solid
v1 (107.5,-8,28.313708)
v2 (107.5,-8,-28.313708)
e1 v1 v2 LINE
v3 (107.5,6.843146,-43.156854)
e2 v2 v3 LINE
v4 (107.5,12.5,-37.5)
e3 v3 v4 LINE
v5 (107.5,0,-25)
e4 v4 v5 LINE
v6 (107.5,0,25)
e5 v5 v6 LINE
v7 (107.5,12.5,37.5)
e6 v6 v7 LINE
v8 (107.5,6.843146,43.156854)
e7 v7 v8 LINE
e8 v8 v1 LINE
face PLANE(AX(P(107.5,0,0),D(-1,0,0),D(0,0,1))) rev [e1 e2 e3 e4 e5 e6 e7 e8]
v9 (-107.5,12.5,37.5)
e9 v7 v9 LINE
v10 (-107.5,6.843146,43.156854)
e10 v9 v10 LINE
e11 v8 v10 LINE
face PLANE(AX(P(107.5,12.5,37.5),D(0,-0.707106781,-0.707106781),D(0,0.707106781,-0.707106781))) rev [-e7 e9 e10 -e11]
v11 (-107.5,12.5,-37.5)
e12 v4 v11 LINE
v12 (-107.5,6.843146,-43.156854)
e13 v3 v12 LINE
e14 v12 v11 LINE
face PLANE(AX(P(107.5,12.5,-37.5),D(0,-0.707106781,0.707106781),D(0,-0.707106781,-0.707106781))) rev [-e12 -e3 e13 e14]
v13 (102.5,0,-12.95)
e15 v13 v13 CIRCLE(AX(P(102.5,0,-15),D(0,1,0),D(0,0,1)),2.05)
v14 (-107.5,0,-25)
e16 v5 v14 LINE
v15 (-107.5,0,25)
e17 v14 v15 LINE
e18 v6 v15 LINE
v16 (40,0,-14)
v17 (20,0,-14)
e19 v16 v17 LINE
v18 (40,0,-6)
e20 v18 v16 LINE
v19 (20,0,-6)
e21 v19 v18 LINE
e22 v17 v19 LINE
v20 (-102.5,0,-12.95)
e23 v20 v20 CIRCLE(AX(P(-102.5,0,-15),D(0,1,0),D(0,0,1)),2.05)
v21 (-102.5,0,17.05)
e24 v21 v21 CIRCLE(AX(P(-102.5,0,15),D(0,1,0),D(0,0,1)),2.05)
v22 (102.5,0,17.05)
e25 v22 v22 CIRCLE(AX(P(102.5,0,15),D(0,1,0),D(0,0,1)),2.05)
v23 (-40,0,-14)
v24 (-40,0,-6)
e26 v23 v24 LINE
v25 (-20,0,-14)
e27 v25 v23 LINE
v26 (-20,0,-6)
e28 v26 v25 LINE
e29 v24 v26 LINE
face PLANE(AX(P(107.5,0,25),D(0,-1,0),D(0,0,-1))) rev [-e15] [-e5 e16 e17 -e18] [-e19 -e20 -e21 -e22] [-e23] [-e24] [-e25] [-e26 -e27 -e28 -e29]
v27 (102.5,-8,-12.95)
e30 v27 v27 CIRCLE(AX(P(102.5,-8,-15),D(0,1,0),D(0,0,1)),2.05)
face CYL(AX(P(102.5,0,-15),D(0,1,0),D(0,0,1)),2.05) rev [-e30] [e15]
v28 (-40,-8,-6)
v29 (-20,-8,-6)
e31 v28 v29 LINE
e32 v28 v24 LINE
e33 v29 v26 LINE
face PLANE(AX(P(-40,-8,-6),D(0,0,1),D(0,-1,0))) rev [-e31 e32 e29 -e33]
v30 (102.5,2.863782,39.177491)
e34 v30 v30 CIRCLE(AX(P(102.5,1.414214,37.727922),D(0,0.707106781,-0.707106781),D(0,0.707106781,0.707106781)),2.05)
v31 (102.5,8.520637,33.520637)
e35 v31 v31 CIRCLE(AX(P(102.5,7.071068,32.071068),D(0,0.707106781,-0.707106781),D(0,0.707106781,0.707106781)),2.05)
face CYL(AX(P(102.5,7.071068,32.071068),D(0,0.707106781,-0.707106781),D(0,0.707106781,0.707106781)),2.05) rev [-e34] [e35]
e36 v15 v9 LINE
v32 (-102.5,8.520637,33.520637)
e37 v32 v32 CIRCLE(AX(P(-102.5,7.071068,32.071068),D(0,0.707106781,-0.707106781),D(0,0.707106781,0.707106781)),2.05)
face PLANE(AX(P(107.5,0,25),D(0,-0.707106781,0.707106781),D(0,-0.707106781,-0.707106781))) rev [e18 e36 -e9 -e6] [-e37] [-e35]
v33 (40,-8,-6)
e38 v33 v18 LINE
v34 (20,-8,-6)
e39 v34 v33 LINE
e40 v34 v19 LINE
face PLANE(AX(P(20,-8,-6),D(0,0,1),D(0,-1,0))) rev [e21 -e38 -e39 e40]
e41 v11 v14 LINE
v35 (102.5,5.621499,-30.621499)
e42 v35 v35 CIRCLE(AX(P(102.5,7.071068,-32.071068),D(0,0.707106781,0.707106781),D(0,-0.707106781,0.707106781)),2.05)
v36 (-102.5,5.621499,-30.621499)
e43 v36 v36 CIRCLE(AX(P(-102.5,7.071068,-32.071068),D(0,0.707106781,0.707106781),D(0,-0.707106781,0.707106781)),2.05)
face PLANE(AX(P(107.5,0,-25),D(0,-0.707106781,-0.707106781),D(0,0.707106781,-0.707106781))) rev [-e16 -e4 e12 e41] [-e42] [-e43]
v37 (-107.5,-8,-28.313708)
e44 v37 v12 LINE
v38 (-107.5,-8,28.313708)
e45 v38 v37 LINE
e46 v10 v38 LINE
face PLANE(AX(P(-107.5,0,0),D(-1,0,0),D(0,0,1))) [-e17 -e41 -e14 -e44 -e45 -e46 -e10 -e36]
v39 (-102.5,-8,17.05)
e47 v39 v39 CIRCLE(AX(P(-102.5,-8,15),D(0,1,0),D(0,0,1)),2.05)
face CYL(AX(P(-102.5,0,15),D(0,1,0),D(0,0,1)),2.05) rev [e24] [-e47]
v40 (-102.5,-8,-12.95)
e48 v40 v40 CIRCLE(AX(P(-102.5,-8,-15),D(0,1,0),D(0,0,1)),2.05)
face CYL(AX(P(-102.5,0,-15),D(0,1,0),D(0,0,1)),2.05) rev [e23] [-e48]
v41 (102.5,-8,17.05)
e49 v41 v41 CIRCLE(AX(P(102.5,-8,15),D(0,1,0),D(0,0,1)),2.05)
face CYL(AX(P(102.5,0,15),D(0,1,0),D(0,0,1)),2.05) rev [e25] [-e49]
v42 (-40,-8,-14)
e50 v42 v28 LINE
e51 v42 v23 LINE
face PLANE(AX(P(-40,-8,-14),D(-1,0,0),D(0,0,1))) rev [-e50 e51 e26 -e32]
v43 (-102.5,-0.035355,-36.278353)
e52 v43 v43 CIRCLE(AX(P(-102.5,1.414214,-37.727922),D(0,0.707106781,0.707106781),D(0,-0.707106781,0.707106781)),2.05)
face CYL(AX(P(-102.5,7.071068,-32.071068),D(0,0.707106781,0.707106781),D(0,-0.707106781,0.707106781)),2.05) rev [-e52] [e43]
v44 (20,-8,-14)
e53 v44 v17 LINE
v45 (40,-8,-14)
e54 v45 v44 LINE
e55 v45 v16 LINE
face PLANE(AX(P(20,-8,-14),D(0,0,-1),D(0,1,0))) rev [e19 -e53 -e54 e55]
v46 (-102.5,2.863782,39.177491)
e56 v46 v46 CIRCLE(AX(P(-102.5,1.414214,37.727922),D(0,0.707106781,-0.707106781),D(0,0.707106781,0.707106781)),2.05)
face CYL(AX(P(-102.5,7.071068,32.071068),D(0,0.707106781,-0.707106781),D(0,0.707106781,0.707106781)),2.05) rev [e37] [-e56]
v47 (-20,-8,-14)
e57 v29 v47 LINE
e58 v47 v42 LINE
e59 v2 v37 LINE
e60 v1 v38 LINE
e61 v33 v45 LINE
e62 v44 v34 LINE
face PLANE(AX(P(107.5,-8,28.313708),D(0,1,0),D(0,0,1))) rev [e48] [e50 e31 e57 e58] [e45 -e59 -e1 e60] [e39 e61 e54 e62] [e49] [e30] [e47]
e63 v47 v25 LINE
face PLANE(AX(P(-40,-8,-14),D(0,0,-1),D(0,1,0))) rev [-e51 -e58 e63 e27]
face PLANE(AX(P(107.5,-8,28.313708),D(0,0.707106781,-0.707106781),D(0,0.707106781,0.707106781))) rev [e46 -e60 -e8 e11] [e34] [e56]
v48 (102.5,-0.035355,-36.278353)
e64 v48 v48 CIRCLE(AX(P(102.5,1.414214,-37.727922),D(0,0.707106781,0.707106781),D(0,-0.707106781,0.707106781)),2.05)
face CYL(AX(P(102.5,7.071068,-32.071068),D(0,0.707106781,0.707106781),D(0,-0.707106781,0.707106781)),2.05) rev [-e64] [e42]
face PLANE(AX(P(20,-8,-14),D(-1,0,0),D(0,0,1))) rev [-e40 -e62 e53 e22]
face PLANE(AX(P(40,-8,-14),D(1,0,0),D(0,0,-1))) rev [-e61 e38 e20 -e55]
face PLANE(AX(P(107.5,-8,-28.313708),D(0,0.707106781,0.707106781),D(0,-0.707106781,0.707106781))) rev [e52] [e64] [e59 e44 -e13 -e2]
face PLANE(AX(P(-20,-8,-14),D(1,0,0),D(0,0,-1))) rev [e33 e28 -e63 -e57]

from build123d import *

# Parameters (mm, degrees)
MAIN_DEPTH                      = 107.5
F_4_0MM_DOWEL_HOLE2_D           = 4.1
F_4_0MM_DOWEL_HOLE2_ON_FACE_2_D = 4.1
F_4_0MM_DOWEL_HOLE2_ON_FACE_3_D = 4.1
F_4_0MM_DOWEL_HOLE2_ON_FACE_4_D = 4.1
SKETCH6_W                       = 20
SKETCH6_H                       = 8
SHELF_CUT_DEPTH                 = 117.511862352


with BuildPart() as part:
    # Sketch2 → Main (new, symmetric)
    with BuildSketch(Plane(origin=(0, 0, 0), x_dir=(0, 0, -1), z_dir=(1, 0, 0))):
        Polygon((-25, 0), (25, 0), (37.5, 12.5), (43.156854249, 6.843145751), (28.313708499, -8), (-28.313708499, -8), (-43.156854249, 6.843145751), (-37.5, 12.5), align=None)
    extrude(amount=MAIN_DEPTH, both=True)

    # Ø4.0mm Dowel Hole2 (through all)
    with Locations(Plane(origin=(-102.5, 7.071067812, -32.071067812), x_dir=(0, 0.707106781187, -0.707106781187), z_dir=(0, 0.707106781187, 0.707106781187))):
        with Locations((0, 0)):
            Hole(F_4_0MM_DOWEL_HOLE2_D / 2)

    # Ø4.0mm Dowel Hole2 on face 2 (through all)
    with Locations(Plane(origin=(-102.5, 0, -15), x_dir=(0, 0, 1), z_dir=(0, 1, 0))):
        with Locations((0, 0), (30, 0), (30, 205), (0, 205)):
            Hole(F_4_0MM_DOWEL_HOLE2_ON_FACE_2_D / 2)

    # Ø4.0mm Dowel Hole2 on face 3 (through all)
    with Locations(Plane(origin=(-102.5, 7.071067812, 32.071067812), x_dir=(0, -0.707106781187, -0.707106781187), z_dir=(0, 0.707106781187, -0.707106781187))):
        with Locations((0, 0), (0, -205)):
            Hole(F_4_0MM_DOWEL_HOLE2_ON_FACE_3_D / 2)

    # Ø4.0mm Dowel Hole2 on face 4 (through all)
    with Locations(Plane(origin=(102.5, 7.071067812, -32.071067812), x_dir=(0, 0.707106781187, -0.707106781187), z_dir=(0, 0.707106781187, 0.707106781187))):
        with Locations((0, 0)):
            Hole(F_4_0MM_DOWEL_HOLE2_ON_FACE_4_D / 2)

    # Sketch6 → Shelf cut (cut, through all)
    with BuildSketch(Plane(origin=(0, 0, 0), x_dir=(1, 0, 0), z_dir=(0, 1, 0))):
        with Locations((30, 10)):
            Rectangle(SKETCH6_W, SKETCH6_H)
        with Locations((-30, 10)):
            Rectangle(SKETCH6_W, SKETCH6_H)
    extrude(amount=-SHELF_CUT_DEPTH, mode=Mode.SUBTRACT)


solid = part.part
